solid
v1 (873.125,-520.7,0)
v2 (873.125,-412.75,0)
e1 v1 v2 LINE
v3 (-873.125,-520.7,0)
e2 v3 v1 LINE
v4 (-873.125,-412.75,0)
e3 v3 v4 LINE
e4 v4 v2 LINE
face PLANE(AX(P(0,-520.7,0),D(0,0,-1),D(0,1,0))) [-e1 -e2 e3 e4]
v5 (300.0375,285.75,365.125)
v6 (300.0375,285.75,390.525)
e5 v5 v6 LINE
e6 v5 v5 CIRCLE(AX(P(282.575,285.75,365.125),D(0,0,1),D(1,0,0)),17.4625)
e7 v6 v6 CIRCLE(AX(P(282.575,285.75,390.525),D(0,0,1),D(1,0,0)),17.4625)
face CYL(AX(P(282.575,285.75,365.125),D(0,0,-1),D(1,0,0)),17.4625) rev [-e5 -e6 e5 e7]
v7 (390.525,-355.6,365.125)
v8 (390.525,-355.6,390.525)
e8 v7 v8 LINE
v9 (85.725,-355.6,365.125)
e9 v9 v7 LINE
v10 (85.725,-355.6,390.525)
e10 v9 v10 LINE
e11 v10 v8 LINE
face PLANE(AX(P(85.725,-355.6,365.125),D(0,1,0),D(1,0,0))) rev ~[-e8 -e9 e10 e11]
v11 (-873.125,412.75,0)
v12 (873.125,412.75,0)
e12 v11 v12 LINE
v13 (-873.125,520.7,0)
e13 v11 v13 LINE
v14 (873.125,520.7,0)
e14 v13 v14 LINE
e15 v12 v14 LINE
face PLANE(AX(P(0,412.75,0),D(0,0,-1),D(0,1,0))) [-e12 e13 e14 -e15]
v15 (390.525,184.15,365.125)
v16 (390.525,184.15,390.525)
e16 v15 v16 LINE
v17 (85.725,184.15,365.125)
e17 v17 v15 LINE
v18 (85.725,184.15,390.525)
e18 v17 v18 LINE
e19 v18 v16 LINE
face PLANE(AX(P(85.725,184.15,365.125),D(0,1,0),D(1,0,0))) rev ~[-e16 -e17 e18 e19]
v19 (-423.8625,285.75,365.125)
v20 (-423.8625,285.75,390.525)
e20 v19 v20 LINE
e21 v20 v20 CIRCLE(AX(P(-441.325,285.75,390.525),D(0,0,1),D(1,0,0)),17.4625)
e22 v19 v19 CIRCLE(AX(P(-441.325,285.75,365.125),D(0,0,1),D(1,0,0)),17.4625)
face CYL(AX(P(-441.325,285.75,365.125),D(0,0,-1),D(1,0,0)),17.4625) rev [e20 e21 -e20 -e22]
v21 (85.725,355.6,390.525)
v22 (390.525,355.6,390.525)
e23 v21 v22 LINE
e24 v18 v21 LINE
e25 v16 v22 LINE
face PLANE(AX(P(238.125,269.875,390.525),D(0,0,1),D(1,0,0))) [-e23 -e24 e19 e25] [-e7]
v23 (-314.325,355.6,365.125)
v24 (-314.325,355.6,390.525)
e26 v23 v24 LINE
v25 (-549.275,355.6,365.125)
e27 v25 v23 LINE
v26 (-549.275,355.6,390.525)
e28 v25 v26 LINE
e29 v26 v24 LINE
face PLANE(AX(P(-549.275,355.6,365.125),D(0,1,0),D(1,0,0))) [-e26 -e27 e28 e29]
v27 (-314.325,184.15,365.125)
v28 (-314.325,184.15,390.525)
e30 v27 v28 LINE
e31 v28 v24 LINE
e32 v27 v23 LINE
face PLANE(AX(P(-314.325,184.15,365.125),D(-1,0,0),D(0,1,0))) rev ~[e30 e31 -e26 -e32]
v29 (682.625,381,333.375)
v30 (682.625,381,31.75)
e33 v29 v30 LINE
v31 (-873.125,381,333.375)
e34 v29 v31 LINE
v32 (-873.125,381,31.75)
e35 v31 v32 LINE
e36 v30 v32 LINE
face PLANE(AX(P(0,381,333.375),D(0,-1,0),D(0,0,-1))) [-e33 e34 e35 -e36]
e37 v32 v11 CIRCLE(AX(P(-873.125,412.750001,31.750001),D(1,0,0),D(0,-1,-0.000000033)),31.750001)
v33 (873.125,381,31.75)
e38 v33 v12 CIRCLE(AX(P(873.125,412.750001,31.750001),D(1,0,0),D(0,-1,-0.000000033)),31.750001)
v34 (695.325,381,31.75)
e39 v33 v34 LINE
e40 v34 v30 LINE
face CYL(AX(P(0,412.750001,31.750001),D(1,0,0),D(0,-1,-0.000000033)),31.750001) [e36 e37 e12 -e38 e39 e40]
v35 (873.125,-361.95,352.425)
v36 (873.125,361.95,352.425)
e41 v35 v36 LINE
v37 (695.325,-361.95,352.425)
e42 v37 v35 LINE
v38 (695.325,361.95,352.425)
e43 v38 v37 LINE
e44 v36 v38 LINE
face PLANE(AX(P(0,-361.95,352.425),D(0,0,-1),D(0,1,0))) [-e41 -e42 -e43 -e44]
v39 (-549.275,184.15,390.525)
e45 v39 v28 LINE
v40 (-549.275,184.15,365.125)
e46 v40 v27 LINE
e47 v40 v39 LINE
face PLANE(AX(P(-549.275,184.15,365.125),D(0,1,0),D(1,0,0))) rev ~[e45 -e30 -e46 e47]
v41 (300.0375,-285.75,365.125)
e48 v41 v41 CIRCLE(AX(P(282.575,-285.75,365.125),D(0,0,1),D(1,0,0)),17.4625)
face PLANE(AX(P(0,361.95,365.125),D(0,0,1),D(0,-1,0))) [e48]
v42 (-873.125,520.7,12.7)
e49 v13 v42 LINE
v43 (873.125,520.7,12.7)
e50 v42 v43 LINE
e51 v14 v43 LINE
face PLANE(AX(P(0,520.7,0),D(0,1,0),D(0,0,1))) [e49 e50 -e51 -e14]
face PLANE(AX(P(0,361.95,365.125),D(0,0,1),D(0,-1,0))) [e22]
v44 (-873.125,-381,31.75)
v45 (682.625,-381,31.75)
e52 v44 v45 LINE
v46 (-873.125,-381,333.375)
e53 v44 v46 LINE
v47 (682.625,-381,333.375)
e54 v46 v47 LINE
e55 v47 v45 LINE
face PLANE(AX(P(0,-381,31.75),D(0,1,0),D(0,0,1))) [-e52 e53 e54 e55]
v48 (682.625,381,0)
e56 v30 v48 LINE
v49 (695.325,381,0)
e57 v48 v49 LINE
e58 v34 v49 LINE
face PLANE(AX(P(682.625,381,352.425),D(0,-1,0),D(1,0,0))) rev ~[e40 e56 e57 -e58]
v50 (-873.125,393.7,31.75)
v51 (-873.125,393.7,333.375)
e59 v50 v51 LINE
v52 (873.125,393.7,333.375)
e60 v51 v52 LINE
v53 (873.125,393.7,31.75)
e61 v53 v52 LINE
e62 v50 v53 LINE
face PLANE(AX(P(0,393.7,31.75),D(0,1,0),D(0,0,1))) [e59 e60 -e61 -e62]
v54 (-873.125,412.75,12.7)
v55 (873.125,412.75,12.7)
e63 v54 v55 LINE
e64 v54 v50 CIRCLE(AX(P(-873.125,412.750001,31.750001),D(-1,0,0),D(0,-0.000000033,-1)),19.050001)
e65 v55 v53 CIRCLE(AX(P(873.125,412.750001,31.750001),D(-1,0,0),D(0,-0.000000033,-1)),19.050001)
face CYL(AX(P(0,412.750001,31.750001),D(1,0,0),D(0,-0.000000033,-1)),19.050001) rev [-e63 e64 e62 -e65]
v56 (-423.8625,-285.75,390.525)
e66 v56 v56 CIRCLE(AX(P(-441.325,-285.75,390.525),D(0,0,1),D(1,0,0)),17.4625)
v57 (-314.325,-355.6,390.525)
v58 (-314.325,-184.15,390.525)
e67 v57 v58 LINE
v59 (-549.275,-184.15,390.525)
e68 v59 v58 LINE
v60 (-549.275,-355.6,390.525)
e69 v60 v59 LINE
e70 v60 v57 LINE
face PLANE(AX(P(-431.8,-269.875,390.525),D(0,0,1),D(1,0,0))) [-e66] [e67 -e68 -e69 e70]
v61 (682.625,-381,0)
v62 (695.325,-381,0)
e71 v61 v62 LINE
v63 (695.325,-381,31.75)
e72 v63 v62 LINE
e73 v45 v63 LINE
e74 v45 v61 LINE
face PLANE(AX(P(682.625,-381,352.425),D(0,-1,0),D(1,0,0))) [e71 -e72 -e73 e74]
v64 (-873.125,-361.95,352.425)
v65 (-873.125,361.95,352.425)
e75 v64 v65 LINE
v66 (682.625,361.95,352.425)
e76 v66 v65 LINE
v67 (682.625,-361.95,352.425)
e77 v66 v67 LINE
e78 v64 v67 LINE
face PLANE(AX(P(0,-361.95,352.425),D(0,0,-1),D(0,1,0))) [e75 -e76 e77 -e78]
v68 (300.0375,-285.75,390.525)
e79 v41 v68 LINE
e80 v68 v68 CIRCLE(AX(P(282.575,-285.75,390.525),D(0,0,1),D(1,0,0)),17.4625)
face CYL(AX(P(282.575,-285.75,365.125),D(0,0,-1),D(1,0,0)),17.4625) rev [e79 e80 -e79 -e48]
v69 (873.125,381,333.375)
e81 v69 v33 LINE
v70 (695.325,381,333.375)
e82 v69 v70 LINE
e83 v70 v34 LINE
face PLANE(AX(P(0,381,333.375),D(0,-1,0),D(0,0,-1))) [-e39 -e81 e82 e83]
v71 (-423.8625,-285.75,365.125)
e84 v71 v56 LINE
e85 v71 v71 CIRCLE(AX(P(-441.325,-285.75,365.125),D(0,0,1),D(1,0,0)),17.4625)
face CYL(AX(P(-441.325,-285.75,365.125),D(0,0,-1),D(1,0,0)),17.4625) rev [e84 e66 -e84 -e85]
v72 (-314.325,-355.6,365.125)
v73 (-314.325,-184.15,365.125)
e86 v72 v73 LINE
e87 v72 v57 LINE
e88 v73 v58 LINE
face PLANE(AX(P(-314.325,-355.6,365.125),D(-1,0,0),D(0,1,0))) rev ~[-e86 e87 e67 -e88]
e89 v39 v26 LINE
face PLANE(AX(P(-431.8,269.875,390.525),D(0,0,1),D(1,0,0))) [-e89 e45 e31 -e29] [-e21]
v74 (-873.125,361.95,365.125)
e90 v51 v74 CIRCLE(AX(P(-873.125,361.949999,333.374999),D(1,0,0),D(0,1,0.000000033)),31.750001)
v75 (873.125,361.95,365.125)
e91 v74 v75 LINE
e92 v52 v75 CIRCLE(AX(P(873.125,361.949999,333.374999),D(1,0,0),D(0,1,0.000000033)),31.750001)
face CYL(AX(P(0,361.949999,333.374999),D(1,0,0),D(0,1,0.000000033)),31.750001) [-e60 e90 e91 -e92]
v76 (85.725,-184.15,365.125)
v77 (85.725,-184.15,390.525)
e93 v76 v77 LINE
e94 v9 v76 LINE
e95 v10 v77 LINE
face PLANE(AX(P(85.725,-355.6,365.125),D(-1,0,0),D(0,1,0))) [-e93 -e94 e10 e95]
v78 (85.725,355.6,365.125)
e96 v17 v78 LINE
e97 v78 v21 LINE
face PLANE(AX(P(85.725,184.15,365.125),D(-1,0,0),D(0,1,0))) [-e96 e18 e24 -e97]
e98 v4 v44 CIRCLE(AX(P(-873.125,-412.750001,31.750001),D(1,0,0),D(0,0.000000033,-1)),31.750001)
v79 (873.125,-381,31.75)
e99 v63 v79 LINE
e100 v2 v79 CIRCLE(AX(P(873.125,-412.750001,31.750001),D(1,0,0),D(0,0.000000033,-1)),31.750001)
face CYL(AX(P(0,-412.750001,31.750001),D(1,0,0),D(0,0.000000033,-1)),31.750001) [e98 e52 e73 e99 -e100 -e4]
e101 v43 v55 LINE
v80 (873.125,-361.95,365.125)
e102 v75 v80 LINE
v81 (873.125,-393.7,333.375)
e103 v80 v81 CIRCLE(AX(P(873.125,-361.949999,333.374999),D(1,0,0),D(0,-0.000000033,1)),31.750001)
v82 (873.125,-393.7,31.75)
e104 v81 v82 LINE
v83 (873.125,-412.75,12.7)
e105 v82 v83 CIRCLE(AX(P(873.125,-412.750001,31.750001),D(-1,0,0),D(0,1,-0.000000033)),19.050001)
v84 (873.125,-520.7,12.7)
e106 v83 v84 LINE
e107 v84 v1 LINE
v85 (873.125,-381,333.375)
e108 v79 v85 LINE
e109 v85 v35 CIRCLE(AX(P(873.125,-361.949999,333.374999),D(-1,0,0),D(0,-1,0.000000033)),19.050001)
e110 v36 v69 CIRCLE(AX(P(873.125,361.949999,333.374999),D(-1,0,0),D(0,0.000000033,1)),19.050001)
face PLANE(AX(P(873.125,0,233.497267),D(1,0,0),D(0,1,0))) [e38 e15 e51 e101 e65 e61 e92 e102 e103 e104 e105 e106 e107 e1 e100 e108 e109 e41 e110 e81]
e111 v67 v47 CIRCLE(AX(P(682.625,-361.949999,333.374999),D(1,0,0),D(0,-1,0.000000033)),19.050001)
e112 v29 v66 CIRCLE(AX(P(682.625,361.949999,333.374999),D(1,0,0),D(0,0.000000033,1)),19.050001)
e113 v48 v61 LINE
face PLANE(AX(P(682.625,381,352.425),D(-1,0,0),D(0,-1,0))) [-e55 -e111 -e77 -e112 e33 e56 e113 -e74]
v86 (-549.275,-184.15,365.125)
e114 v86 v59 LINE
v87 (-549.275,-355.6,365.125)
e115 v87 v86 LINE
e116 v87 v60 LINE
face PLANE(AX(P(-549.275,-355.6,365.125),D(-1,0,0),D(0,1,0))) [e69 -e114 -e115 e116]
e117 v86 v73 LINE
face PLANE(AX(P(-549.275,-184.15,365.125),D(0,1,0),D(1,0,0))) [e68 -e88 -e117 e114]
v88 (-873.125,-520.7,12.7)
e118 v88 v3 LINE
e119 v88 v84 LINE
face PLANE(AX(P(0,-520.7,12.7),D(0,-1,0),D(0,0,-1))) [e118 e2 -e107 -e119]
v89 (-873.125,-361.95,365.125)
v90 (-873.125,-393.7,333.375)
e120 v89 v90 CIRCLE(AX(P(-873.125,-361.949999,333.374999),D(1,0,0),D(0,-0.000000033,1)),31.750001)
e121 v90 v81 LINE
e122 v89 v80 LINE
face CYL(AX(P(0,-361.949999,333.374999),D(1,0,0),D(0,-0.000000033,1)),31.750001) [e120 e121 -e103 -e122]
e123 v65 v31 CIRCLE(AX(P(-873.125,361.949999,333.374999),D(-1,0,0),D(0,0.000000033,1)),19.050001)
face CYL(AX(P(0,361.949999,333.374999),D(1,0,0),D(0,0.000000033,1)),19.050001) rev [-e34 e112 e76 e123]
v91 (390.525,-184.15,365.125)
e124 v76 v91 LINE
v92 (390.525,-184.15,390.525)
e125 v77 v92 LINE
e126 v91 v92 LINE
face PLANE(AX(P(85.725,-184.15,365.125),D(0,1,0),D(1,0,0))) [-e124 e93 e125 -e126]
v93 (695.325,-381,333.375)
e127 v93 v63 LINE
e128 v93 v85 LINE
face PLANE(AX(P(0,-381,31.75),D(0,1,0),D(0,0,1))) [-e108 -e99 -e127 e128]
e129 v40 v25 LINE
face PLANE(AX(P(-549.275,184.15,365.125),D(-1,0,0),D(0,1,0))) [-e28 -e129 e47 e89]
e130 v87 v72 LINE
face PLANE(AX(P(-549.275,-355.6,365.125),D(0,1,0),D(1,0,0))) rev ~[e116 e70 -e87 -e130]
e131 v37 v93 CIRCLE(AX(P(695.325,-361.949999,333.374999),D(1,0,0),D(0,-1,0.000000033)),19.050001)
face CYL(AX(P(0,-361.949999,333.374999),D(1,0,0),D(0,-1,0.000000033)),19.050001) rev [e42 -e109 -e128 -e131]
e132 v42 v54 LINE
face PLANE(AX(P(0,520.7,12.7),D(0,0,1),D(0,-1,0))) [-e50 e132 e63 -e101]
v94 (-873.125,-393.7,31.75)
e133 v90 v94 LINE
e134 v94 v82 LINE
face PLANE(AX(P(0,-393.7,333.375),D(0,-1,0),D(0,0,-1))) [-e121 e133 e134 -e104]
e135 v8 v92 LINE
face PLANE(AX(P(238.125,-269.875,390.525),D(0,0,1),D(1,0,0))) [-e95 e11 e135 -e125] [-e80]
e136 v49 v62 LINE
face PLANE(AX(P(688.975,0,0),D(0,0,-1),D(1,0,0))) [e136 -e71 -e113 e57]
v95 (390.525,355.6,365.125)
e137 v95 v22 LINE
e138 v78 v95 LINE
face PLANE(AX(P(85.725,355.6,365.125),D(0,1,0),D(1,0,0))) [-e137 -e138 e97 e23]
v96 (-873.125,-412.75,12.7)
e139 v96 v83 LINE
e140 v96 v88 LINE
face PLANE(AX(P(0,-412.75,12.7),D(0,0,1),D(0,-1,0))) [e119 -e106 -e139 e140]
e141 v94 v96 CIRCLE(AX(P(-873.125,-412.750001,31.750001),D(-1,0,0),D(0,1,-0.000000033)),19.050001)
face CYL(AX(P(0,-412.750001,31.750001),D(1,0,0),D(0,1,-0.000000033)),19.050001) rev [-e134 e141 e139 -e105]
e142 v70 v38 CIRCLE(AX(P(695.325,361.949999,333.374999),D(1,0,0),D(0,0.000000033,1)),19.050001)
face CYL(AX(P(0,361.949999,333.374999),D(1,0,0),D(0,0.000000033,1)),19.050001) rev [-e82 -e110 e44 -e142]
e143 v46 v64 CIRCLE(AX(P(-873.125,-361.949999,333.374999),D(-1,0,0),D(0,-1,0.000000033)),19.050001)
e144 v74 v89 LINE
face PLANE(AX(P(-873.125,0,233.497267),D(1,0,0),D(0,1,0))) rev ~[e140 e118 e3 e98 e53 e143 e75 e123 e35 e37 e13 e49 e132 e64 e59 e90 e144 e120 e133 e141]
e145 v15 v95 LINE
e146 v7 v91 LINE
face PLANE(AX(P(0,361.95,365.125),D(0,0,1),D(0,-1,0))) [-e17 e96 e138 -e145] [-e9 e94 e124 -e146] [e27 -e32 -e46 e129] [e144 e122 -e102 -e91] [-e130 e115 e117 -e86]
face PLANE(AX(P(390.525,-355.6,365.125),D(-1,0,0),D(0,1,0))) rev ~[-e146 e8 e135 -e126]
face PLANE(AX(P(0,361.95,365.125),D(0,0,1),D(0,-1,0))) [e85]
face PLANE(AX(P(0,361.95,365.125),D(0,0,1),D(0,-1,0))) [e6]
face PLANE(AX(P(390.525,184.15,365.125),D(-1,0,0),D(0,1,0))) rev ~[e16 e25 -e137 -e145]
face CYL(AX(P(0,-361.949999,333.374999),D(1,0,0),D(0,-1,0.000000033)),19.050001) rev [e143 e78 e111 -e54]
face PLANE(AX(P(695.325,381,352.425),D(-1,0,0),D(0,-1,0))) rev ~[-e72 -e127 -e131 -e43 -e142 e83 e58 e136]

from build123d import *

# Parameters (mm, degrees)
F1_DEPTH = 873.125
F2_W     = 304.8
F2_H     = 171.45
F2_R     = 17.4625
F2_W_2   = 234.95
F3_DEPTH = 25.4
F4_W     = 12.7
F4_H     = 762
F5_DEPTH = 352.425


with BuildPart() as f1:
    # F0 (on Right) → F1 (new body, symmetric)
    with BuildSketch(Plane.YZ):
        with BuildLine():
            ThreePointArc((381, 31.75), (390.29936, 9.29936), (412.75, 0))
            Line((412.75, 0), (520.7, 0))
            Line((520.7, 0), (520.7, 12.7))
            Line((520.7, 12.7), (412.75, 12.7))
            ThreePointArc((412.75, 12.7), (399.279616, 18.279616), (393.7, 31.75))
            Line((393.7, 31.75), (393.7, 333.375))
            ThreePointArc((393.7, 333.375), (384.40064, 355.82564), (361.95, 365.125))
            Line((361.95, 365.125), (0, 365.125))
            Line((0, 365.125), (-361.95, 365.125))
            ThreePointArc((-361.95, 365.125), (-384.40064, 355.82564), (-393.7, 333.375))
            Line((-393.7, 333.375), (-393.7, 31.75))
            ThreePointArc((-393.7, 31.75), (-399.279616, 18.279616), (-412.75, 12.7))
            Line((-412.75, 12.7), (-520.7, 12.7))
            Line((-520.7, 12.7), (-520.7, 0))
            Line((-520.7, 0), (-412.75, 0))
            ThreePointArc((-412.75, 0), (-390.29936, 9.29936), (-381, 31.75))
            Line((-381, 31.75), (-381, 333.375))
            ThreePointArc((-381, 333.375), (-375.420384, 346.845384), (-361.95, 352.425))
            Line((-361.95, 352.425), (0, 352.425))
            Line((0, 352.425), (361.95, 352.425))
            ThreePointArc((361.95, 352.425), (375.420384, 346.845384), (381, 333.375))
            Line((381, 333.375), (381, 31.75))
        make_face()
    extrude(amount=F1_DEPTH, both=True)

    # F2 (on face) → F3 (join)
    with BuildSketch(Plane.XY.offset(365.125)):
        with Locations((238.125, 269.875)):
            Rectangle(F2_W, F2_H)
        with Locations((282.575, 285.75)):
            Circle(F2_R, mode=Mode.SUBTRACT)
        with Locations((-431.8, 269.875)):
            Rectangle(F2_W_2, F2_H)
        with Locations((-441.325, 285.75)):
            Circle(F2_R, mode=Mode.SUBTRACT)
        with Locations((238.125, -269.875)):
            Rectangle(F2_W, F2_H)
        with Locations((282.575, -285.75)):
            Circle(F2_R, mode=Mode.SUBTRACT)
        with Locations((-431.8, -269.875)):
            Rectangle(F2_W_2, F2_H)
        with Locations((-441.325, -285.75)):
            Circle(F2_R, mode=Mode.SUBTRACT)
    extrude(amount=F3_DEPTH)

    # F4 (on face) → F5 (join, through all)
    with BuildSketch(Plane(origin=(0, 0, 352.425), x_dir=(1, 0, 0), z_dir=(0, 0, -1))):
        with Locations((688.975, 0)):
            Rectangle(F4_W, F4_H)
    extrude(amount=F5_DEPTH)


solid = f1.part
